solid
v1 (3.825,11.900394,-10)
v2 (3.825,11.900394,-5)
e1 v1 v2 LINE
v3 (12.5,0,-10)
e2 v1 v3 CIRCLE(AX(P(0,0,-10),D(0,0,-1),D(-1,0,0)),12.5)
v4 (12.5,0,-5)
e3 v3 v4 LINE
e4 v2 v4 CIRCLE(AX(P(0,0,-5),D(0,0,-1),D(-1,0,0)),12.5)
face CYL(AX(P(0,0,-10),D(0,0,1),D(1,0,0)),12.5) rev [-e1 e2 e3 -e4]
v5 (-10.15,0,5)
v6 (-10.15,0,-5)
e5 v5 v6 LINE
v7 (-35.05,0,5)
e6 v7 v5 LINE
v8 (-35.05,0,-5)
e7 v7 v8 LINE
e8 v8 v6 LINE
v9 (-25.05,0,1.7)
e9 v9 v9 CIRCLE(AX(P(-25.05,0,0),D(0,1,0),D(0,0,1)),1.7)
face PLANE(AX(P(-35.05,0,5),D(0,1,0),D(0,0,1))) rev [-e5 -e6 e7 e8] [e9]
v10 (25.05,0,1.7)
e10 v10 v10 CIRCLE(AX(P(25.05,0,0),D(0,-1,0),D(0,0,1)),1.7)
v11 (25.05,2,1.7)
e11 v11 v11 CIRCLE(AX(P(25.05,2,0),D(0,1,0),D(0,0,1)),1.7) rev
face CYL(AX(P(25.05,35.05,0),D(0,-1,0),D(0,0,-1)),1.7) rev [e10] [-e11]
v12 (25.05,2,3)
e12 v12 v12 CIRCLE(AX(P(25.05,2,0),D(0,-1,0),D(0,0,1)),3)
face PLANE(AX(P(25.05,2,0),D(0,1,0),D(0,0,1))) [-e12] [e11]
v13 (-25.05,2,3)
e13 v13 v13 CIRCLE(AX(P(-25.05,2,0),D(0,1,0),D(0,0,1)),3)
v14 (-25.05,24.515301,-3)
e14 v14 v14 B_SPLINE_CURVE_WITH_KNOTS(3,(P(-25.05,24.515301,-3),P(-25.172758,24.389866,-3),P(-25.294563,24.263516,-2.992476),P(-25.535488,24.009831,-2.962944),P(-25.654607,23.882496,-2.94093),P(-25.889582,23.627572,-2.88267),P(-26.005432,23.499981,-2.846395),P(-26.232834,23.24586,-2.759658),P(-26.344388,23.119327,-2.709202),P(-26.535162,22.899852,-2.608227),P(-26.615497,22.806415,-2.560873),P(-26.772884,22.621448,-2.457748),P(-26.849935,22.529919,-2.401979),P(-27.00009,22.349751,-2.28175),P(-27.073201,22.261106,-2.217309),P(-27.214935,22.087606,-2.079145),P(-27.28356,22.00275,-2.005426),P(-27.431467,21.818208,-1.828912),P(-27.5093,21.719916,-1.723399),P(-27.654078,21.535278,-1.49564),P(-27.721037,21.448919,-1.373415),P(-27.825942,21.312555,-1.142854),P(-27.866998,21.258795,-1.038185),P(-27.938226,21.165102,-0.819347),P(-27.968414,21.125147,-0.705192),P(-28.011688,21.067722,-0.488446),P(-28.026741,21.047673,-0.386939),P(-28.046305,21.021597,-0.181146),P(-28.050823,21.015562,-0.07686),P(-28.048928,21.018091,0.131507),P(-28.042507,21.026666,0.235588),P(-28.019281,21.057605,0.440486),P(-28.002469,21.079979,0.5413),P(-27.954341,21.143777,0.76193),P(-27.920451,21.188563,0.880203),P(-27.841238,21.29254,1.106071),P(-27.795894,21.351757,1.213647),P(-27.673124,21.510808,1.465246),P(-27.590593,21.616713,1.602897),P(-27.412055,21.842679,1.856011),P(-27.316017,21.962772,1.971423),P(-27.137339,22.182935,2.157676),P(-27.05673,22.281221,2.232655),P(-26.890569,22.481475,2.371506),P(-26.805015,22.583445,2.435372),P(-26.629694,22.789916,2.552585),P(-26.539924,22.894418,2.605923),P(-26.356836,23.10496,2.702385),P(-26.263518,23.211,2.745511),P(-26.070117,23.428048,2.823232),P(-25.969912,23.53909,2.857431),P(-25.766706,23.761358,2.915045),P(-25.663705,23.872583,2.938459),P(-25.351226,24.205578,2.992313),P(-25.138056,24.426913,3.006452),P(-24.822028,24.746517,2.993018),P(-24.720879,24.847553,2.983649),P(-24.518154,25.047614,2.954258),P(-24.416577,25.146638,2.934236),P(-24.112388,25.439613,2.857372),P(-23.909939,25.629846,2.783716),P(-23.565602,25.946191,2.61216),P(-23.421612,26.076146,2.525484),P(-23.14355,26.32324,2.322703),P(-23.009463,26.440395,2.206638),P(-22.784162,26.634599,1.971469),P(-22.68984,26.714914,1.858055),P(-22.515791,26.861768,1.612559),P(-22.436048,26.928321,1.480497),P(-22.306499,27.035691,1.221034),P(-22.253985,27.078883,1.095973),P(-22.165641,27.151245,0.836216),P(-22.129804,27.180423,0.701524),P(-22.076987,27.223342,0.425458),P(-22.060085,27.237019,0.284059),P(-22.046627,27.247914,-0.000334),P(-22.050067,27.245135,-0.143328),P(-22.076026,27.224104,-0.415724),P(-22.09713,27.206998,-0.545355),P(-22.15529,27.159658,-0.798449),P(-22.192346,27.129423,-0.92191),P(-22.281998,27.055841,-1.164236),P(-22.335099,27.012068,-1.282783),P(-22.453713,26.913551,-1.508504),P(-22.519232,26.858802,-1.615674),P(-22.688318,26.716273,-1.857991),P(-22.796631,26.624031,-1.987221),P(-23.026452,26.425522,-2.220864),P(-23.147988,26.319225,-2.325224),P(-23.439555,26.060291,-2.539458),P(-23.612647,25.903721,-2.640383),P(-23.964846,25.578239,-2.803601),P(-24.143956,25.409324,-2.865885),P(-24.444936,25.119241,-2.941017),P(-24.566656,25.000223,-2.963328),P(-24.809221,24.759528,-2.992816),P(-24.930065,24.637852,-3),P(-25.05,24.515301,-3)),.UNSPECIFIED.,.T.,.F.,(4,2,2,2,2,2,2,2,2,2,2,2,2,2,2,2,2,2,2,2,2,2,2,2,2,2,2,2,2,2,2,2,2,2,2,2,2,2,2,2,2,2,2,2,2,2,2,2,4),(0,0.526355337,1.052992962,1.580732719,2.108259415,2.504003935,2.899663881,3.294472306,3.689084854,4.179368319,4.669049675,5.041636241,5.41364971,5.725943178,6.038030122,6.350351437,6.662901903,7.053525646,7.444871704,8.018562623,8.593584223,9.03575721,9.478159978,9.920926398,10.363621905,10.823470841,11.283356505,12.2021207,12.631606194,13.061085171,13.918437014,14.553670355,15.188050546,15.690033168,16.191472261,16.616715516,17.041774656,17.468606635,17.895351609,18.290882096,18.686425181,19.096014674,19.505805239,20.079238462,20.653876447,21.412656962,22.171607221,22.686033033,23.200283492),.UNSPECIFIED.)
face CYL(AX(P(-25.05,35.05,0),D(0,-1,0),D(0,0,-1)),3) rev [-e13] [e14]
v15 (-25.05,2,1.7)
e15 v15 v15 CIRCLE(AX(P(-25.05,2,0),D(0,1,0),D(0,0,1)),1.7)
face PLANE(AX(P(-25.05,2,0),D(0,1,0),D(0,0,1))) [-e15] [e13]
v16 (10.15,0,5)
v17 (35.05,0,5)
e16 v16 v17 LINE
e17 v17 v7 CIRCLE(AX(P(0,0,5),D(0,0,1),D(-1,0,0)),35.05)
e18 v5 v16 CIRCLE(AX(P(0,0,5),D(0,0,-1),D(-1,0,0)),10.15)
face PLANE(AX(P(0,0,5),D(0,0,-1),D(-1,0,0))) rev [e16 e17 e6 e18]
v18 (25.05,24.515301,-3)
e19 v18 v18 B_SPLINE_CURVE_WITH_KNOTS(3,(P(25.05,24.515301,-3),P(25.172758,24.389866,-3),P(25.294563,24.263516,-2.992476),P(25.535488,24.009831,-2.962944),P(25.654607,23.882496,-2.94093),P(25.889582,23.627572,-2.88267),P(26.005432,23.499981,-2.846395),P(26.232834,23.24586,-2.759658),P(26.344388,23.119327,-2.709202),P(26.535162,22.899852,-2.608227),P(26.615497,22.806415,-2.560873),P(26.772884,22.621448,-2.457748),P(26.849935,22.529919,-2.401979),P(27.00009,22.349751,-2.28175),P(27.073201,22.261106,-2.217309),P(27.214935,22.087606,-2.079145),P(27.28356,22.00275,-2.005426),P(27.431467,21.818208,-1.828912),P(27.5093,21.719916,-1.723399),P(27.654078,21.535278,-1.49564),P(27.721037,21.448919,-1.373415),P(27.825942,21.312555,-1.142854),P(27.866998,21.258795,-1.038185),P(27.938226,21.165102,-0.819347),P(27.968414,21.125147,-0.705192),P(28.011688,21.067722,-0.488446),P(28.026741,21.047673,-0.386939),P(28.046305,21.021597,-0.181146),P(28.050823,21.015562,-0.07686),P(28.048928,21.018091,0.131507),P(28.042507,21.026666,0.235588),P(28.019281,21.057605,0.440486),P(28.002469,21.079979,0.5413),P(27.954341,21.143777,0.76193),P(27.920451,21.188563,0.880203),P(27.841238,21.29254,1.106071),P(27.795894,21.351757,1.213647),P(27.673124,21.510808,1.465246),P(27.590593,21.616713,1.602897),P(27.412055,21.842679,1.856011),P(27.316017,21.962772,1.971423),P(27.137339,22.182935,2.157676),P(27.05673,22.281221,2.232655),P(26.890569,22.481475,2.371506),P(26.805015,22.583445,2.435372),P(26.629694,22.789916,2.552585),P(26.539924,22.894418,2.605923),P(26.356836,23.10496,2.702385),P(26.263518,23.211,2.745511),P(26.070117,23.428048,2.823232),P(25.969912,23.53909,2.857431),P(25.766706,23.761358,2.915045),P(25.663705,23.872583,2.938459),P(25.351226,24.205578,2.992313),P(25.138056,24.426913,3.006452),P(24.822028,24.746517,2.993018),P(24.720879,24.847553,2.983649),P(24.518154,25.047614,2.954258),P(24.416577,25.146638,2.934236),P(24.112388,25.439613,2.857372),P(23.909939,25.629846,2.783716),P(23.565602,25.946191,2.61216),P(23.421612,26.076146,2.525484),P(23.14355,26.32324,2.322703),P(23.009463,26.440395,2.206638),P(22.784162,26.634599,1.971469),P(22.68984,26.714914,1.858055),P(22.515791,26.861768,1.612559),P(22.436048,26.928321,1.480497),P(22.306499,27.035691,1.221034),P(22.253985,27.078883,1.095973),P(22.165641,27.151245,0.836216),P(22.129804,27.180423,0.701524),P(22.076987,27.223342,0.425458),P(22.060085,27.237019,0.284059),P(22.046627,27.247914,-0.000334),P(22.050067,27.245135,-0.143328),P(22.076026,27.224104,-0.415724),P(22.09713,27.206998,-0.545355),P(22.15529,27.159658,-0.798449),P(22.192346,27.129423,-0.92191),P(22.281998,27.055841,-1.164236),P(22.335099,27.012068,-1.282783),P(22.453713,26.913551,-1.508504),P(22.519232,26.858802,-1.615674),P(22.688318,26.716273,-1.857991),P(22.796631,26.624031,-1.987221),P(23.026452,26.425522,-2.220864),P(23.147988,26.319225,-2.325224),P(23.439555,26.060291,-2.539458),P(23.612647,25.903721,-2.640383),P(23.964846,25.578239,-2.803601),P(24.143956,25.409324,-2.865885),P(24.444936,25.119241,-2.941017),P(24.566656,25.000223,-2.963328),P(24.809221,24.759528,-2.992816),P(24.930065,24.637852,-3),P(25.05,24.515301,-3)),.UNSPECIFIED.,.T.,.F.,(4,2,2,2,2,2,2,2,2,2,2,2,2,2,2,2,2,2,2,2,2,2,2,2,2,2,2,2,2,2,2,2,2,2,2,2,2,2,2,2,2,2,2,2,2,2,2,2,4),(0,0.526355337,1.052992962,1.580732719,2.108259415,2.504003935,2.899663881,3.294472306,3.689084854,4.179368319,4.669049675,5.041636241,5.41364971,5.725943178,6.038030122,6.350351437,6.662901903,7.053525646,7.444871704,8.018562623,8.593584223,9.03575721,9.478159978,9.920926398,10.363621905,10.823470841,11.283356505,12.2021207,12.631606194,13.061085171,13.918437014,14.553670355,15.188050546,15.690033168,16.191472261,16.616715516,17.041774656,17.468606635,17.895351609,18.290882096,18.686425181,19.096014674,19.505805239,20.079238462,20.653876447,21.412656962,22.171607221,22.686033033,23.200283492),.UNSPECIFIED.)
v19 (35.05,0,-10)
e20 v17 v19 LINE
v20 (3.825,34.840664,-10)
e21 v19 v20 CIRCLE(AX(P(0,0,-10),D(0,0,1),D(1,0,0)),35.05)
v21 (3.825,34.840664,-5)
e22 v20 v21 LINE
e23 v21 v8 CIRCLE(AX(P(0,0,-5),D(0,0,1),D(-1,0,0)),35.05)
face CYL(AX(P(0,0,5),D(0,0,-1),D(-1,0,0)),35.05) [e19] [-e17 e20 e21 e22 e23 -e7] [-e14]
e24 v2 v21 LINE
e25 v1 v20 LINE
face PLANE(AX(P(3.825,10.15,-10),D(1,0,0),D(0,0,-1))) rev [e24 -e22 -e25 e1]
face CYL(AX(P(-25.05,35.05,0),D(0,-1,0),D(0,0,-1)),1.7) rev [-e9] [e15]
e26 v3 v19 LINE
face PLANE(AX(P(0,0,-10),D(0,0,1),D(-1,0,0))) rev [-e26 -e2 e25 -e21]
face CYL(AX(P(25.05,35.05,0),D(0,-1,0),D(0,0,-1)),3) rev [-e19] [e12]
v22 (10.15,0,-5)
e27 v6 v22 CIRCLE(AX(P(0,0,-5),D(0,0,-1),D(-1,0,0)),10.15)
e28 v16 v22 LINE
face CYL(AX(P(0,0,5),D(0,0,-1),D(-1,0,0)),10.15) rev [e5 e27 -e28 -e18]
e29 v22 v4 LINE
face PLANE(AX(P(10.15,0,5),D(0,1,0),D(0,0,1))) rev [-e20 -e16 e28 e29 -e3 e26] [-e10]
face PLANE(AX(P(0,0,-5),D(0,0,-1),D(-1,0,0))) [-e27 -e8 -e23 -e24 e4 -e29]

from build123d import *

# Parameters (mm, degrees)
BOSS_EXTRUDE1_DEPTH = 5
SKETCH2_R           = 1.7
CUT_EXTRUDE1_DEPTH  = 36.05
CUT_EXTRUDE2_START  = 2
SKETCH3_R           = 3
CUT_EXTRUDE2_DEPTH  = 34.0500001
BOSS_EXTRUDE2_DEPTH = 5
SKETCH5_W           = 3.825
SKETCH5_H           = 24.9
CUT_EXTRUDE3_DEPTH  = 6
SKETCH6_W           = 5
SKETCH6_H           = 34.840664101
CUT_EXTRUDE4_DEPTH  = 32.2250001


with BuildPart() as part:
    # Sketch1 → Boss-Extrude1 (new body, symmetric)
    with BuildSketch(Plane.XY):
        with BuildLine():
            Line((-35.05, 0), (-10.15, 0))
            ThreePointArc((-10.15, 0), (0, 10.15), (10.15, 0))
            Line((10.15, 0), (35.05, 0))
            ThreePointArc((35.05, 0), (0, 35.05), (-35.05, 0))
        make_face()
    extrude(amount=BOSS_EXTRUDE1_DEPTH, both=True)

    # Sketch2 → Cut-Extrude1 (cut, through all)
    with BuildSketch(Plane(origin=(0, 0, 0), x_dir=(1, 0, 0), z_dir=(0, 1, 0))):
        with Locations((-25.05, 0)):
            Circle(SKETCH2_R)
    cut_extrude1 = extrude(amount=CUT_EXTRUDE1_DEPTH, mode=Mode.SUBTRACT)

    # Sketch3 → Cut-Extrude2 (cut, through all)
    with BuildSketch(Plane(origin=(0, 0, 0), x_dir=(1, 0, 0), z_dir=(0, 1, 0)).offset(CUT_EXTRUDE2_START)):
        with Locations((-25.05, 0)):
            Circle(SKETCH3_R)
    cut_extrude2 = extrude(amount=CUT_EXTRUDE2_DEPTH, mode=Mode.SUBTRACT)

    # Mirror1: Cut-Extrude1, Cut-Extrude2 across plane
    add(cut_extrude1.mirror(Plane(origin=(0, 0, 0), x_dir=(0, 0, 1), z_dir=(1, 0, 0))), mode=Mode.SUBTRACT)
    add(cut_extrude2.mirror(Plane(origin=(0, 0, 0), x_dir=(0, 0, 1), z_dir=(1, 0, 0))), mode=Mode.SUBTRACT)

    # Sketch4 → Boss-Extrude2 (add)
    with BuildSketch(Plane.XY.offset(5)):
        with BuildLine():
            Line((0, 12.5), (0, 35.05))
            ThreePointArc((0, 35.05), (24.784092681, 24.784092681), (35.05, 0))
            Line((35.05, 0), (12.5, 0))
            ThreePointArc((12.5, 0), (8.838834765, 8.838834765), (0, 12.5))
        make_face()
    boss_extrude2 = extrude(amount=BOSS_EXTRUDE2_DEPTH)

    # Sketch5 → Cut-Extrude3 (cut, through all)
    with BuildSketch(Plane.XY.offset(5)):
        with Locations((1.9125, 22.6)):
            Rectangle(SKETCH5_W, SKETCH5_H)
    cut_extrude3 = extrude(amount=CUT_EXTRUDE3_DEPTH, mode=Mode.SUBTRACT)

    # Mirror2: Boss-Extrude2, Cut-Extrude3 across plane
    add(boss_extrude2.mirror(Plane.XY))
    add(cut_extrude3.mirror(Plane.XY), mode=Mode.SUBTRACT)

    # Sketch6 → Cut-Extrude4 (cut, through all)
    with BuildSketch(Plane.ZY.offset(-3.825)):
        with Locations((7.5, 17.420332051)):
            Rectangle(SKETCH6_W, SKETCH6_H)
    extrude(amount=-CUT_EXTRUDE4_DEPTH, mode=Mode.SUBTRACT)


solid = part.part
